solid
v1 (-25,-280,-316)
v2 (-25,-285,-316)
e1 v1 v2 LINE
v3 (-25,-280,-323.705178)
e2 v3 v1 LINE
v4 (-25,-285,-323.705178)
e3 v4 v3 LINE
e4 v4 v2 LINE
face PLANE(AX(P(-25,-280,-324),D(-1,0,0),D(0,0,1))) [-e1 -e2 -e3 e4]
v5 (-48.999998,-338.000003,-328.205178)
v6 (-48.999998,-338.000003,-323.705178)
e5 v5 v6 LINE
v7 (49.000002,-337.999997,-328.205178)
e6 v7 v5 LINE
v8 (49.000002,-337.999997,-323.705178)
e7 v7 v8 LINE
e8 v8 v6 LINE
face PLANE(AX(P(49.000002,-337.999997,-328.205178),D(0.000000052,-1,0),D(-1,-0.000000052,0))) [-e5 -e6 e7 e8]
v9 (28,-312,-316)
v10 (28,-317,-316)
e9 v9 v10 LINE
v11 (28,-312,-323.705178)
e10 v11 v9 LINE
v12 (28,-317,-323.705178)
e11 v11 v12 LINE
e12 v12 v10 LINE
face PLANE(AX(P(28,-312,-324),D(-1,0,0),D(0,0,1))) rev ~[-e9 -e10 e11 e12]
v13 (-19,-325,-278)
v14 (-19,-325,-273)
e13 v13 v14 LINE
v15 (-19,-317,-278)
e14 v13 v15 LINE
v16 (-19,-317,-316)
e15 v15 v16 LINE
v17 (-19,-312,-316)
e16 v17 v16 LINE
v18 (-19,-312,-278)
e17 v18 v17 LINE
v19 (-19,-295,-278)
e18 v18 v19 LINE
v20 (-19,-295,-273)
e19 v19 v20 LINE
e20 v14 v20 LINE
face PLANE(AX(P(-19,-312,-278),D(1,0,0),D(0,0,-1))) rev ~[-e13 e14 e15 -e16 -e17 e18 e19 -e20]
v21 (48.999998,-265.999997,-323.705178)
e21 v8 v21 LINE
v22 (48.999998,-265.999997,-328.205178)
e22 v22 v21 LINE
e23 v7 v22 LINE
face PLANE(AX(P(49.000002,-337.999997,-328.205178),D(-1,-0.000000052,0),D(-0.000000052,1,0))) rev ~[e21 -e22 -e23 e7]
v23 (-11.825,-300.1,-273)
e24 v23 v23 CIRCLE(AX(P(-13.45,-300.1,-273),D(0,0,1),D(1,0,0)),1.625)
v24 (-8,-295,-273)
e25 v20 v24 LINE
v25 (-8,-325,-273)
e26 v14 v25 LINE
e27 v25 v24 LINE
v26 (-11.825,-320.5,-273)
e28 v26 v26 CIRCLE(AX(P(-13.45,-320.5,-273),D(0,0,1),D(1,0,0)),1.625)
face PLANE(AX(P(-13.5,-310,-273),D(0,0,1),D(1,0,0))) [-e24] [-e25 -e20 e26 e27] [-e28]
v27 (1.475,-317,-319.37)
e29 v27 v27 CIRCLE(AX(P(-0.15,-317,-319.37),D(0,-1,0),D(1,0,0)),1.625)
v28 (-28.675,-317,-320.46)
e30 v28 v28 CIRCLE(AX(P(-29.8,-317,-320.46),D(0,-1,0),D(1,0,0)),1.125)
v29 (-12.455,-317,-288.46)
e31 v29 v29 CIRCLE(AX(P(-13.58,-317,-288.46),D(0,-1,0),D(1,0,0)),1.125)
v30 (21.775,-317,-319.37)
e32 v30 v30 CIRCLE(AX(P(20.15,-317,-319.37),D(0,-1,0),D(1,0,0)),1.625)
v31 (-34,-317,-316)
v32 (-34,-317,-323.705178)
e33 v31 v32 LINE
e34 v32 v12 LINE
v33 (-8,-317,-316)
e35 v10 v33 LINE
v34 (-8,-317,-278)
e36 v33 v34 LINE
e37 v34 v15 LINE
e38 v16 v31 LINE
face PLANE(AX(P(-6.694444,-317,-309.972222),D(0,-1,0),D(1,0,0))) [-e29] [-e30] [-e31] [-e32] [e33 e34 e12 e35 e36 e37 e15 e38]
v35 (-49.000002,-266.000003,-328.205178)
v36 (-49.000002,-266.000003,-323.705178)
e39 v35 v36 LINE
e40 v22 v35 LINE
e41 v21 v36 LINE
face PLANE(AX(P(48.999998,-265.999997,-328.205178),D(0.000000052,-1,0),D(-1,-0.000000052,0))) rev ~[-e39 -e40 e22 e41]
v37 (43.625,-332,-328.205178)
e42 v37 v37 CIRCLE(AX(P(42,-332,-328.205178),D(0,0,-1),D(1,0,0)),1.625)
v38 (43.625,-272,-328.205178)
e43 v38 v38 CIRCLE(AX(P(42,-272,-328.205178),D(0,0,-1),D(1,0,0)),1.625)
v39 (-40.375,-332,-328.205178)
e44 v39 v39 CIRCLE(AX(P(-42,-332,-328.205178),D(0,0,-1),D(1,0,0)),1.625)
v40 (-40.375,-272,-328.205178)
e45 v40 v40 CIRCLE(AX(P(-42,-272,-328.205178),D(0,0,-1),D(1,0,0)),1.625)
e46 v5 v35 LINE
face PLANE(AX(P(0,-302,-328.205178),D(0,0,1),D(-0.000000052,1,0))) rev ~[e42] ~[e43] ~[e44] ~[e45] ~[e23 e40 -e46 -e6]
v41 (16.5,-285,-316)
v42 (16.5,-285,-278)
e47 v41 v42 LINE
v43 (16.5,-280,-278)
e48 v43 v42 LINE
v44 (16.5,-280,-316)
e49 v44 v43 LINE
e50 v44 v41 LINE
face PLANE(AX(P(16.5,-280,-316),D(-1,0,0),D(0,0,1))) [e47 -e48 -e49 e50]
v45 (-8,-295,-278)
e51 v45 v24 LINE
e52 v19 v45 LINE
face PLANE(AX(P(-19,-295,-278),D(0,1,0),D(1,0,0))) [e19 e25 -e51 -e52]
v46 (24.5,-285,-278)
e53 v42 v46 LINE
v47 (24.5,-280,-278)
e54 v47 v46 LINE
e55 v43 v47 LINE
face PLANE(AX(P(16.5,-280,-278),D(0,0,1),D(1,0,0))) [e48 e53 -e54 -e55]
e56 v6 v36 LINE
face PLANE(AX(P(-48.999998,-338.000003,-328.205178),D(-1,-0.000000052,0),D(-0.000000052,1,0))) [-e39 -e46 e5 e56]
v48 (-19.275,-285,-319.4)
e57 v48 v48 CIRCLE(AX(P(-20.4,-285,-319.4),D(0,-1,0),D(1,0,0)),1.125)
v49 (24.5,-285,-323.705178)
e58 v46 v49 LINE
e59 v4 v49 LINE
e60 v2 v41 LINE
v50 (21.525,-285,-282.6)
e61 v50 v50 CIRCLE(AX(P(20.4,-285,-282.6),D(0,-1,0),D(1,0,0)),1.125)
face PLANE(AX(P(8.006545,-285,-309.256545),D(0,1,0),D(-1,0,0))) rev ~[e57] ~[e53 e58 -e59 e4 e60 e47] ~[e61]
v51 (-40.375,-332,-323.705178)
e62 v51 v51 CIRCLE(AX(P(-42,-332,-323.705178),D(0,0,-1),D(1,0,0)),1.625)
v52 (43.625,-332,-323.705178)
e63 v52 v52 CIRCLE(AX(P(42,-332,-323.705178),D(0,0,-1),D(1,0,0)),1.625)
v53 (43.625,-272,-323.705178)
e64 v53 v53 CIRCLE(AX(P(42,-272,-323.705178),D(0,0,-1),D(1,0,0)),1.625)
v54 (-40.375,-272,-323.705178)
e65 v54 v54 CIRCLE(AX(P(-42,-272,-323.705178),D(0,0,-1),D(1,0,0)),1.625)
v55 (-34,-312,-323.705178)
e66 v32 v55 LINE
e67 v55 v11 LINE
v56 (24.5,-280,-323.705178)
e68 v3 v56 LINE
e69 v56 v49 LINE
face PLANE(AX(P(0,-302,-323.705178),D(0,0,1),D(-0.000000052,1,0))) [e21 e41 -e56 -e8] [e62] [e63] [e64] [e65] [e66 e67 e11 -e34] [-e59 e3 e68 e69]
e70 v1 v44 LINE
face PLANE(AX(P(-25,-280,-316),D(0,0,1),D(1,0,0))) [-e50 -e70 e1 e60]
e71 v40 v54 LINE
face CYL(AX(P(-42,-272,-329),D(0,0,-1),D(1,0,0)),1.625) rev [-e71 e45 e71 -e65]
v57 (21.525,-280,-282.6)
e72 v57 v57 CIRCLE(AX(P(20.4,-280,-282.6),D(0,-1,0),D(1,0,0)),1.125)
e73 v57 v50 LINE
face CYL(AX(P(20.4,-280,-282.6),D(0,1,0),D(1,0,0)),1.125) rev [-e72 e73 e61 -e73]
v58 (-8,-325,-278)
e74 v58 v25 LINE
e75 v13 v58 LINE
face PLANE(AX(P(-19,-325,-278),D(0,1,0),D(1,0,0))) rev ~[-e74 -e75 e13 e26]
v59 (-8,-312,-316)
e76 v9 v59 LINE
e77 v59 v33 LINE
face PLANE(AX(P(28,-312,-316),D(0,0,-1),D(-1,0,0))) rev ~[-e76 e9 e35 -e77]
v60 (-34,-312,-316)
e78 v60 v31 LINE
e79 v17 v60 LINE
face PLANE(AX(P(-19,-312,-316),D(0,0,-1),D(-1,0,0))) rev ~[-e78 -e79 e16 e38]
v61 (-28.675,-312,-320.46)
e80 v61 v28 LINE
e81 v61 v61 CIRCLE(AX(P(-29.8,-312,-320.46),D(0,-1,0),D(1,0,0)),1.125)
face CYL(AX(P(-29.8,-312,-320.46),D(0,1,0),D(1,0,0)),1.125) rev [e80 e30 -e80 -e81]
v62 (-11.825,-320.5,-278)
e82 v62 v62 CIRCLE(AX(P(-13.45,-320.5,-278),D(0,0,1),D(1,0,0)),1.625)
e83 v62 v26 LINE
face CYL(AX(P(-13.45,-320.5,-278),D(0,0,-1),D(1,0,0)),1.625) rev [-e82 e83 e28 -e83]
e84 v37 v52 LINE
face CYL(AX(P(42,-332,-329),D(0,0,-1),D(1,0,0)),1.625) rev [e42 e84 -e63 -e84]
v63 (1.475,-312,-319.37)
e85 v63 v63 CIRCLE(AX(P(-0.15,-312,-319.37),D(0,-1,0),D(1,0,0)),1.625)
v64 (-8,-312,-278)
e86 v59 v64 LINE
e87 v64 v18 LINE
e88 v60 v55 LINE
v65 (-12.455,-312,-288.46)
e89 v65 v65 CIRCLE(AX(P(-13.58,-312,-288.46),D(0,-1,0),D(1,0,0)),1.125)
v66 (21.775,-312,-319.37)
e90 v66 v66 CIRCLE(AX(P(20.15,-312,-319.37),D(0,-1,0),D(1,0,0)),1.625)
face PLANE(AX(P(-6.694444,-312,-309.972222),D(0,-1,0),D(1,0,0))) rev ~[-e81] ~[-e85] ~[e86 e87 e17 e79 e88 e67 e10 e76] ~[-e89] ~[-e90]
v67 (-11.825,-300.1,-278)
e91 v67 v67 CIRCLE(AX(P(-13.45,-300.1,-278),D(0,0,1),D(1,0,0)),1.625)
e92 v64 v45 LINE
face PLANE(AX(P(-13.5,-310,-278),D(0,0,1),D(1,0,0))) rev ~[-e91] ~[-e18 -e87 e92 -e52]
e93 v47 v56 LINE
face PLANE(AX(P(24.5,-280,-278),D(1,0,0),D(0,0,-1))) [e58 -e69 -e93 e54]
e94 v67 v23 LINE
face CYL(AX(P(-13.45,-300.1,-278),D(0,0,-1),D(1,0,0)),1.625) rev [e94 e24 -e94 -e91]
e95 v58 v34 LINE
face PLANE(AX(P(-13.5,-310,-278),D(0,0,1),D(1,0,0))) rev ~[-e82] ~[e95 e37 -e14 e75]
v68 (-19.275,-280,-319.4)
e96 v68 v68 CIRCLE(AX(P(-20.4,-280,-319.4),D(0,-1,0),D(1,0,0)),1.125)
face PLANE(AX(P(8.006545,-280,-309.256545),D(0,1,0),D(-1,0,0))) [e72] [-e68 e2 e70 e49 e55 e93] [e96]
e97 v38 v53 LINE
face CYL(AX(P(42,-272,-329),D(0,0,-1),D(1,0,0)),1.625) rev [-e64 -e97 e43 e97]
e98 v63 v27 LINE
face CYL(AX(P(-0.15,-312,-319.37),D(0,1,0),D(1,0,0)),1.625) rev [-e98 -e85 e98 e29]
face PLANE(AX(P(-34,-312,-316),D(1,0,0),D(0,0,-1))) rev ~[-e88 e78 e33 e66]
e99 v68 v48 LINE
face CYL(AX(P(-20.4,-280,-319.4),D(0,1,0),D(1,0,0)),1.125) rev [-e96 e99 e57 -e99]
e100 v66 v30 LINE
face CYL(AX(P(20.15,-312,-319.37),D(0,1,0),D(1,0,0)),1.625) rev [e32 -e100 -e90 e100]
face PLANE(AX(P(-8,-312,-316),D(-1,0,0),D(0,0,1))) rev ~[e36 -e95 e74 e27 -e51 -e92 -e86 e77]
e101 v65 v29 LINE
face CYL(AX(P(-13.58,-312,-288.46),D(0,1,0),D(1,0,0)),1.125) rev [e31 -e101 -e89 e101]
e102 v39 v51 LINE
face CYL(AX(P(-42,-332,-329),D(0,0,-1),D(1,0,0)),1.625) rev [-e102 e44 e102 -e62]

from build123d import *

# Parameters (mm, degrees)
SKETCH035_R                               = 1.625
EXTRUDE011_DEPTH                          = 20
SKETCH020_W                               = 11
SKETCH020_H                               = 30
SKETCH020_R                               = 1.625
EXTRUDE004_DEPTH                          = 5
SKETCH022_AS_DRAWN_W                      = 72
SKETCH022_AS_DRAWN_H                      = 98
EXTRUDE006_DEPTH                          = 4.5
EXTRUDE006_ONTO_SKETCH022_ROLL_ANGLE      = 0
EXTRUDE006_ONTO_SKETCH022_PITCH_ANGLE     = 0
EXTRUDE006_ONTO_SKETCH022_PLACEMENT_ANGLE = 90.000003
SKETCH019_R                               = 1.125
SKETCH019_R_2                             = 1.625
EXTRUDE003_DEPTH                          = 5
SKETCH021_R                               = 1.125
EXTRUDE005_DEPTH                          = 5


with BuildPart() as basecuts001:
    # Sketch035 → Extrude011 (new body)
    with BuildSketch(Plane.XY):
        with Locations((-42, -332)):
            Circle(SKETCH035_R)
        with Locations((42, -332)):
            Circle(SKETCH035_R)
        with Locations((42, -272)):
            Circle(SKETCH035_R)
        with Locations((-42, -272)):
            Circle(SKETCH035_R)
    extrude(amount=EXTRUDE011_DEPTH)


with BuildPart() as basecuts001_1:
    # Extrude011 placement: moved
    add(basecuts001.part.moved(Location((0, 0, -329))))


with BuildPart() as gpshold:
    # Sketch020 → Extrude004 (new body)
    with BuildSketch(Plane.XY):
        with Locations((-13.5, -310)):
            Rectangle(SKETCH020_W, SKETCH020_H)
        with Locations((-13.45, -300.1)):
            Circle(SKETCH020_R, mode=Mode.SUBTRACT)
        with Locations((-13.45, -320.5)):
            Circle(SKETCH020_R, mode=Mode.SUBTRACT)
    extrude(amount=EXTRUDE004_DEPTH)


with BuildPart() as gpshold_1:
    # Extrude004 placement: moved
    add(gpshold.part.moved(Location((0, 0, -278))))


with BuildPart() as base:
    # Sketch022 as drawn → Extrude006 (new)
    with BuildSketch(Plane.XY):
        Rectangle(SKETCH022_AS_DRAWN_W, SKETCH022_AS_DRAWN_H)
    extrude(amount=EXTRUDE006_DEPTH)


with BuildPart() as base_1:
    # Extrude006 onto Sketch022 roll: moved
    add(base.part.rotate(Axis((0, 0, 0), (1, 0, 0)), EXTRUDE006_ONTO_SKETCH022_ROLL_ANGLE))


with BuildPart() as base_2:
    # Extrude006 onto Sketch022 pitch: moved
    add(base_1.part.rotate(Axis((0, 0, 0), (0, 1, 0)), EXTRUDE006_ONTO_SKETCH022_PITCH_ANGLE))


with BuildPart() as base_3:
    # Extrude006 onto Sketch022 placement: moved
    add(base_2.part.moved(Location((0, -302, -283.455178))).rotate(Axis((0, -302, -283.455178), (0, 0, 1)), EXTRUDE006_ONTO_SKETCH022_PLACEMENT_ANGLE))


with BuildPart() as base_4:
    # Extrude006 placement: moved
    add(base_3.part.moved(Location((0, 0, -44.75))))


with BuildPart() as i2chold:
    # Sketch019 → Extrude003 (new body)
    with BuildSketch(Plane.XZ):
        Polygon((28, -324), (28, -316), (-8, -316), (-8, -278), (-19, -278), (-19, -316), (-34, -316), (-34, -324), align=None)
        with Locations((-29.8, -320.46)):
            Circle(SKETCH019_R, mode=Mode.SUBTRACT)
        with Locations((-13.58, -288.46)):
            Circle(SKETCH019_R, mode=Mode.SUBTRACT)
        with Locations((-0.15, -319.37)):
            Circle(SKETCH019_R_2, mode=Mode.SUBTRACT)
        with Locations((20.15, -319.37)):
            Circle(SKETCH019_R_2, mode=Mode.SUBTRACT)
    extrude(amount=EXTRUDE003_DEPTH)


with BuildPart() as i2chold_1:
    # Extrude003 placement: moved
    add(i2chold.part.moved(Location((0, -312, 0))))


with BuildPart() as base002:
    # Sketch021 (on Extrude) → Extrude005 (new body)
    with BuildSketch(Plane.XZ.offset(312)):
        Polygon((-25, -324), (-25, -316), (16.5, -316), (16.5, -278), (24.5, -278), (24.5, -324), align=None)
        with Locations((-20.4, -319.4)):
            Circle(SKETCH021_R, mode=Mode.SUBTRACT)
        with Locations((20.4, -282.6)):
            Circle(SKETCH021_R, mode=Mode.SUBTRACT)
    extrude(amount=EXTRUDE005_DEPTH)


with BuildPart() as base002_1:
    # Extrude005 placement: moved
    add(base002.part.moved(Location((0, 32, 0))))

    # Fusion038: union gpsHold, base, i2cHold
    add(gpshold_1.part)
    add(base_4.part)
    add(i2chold_1.part)

    # Cut019: cut baseCuts001
    add(basecuts001_1.part, mode=Mode.SUBTRACT)


solid = base002_1.part
